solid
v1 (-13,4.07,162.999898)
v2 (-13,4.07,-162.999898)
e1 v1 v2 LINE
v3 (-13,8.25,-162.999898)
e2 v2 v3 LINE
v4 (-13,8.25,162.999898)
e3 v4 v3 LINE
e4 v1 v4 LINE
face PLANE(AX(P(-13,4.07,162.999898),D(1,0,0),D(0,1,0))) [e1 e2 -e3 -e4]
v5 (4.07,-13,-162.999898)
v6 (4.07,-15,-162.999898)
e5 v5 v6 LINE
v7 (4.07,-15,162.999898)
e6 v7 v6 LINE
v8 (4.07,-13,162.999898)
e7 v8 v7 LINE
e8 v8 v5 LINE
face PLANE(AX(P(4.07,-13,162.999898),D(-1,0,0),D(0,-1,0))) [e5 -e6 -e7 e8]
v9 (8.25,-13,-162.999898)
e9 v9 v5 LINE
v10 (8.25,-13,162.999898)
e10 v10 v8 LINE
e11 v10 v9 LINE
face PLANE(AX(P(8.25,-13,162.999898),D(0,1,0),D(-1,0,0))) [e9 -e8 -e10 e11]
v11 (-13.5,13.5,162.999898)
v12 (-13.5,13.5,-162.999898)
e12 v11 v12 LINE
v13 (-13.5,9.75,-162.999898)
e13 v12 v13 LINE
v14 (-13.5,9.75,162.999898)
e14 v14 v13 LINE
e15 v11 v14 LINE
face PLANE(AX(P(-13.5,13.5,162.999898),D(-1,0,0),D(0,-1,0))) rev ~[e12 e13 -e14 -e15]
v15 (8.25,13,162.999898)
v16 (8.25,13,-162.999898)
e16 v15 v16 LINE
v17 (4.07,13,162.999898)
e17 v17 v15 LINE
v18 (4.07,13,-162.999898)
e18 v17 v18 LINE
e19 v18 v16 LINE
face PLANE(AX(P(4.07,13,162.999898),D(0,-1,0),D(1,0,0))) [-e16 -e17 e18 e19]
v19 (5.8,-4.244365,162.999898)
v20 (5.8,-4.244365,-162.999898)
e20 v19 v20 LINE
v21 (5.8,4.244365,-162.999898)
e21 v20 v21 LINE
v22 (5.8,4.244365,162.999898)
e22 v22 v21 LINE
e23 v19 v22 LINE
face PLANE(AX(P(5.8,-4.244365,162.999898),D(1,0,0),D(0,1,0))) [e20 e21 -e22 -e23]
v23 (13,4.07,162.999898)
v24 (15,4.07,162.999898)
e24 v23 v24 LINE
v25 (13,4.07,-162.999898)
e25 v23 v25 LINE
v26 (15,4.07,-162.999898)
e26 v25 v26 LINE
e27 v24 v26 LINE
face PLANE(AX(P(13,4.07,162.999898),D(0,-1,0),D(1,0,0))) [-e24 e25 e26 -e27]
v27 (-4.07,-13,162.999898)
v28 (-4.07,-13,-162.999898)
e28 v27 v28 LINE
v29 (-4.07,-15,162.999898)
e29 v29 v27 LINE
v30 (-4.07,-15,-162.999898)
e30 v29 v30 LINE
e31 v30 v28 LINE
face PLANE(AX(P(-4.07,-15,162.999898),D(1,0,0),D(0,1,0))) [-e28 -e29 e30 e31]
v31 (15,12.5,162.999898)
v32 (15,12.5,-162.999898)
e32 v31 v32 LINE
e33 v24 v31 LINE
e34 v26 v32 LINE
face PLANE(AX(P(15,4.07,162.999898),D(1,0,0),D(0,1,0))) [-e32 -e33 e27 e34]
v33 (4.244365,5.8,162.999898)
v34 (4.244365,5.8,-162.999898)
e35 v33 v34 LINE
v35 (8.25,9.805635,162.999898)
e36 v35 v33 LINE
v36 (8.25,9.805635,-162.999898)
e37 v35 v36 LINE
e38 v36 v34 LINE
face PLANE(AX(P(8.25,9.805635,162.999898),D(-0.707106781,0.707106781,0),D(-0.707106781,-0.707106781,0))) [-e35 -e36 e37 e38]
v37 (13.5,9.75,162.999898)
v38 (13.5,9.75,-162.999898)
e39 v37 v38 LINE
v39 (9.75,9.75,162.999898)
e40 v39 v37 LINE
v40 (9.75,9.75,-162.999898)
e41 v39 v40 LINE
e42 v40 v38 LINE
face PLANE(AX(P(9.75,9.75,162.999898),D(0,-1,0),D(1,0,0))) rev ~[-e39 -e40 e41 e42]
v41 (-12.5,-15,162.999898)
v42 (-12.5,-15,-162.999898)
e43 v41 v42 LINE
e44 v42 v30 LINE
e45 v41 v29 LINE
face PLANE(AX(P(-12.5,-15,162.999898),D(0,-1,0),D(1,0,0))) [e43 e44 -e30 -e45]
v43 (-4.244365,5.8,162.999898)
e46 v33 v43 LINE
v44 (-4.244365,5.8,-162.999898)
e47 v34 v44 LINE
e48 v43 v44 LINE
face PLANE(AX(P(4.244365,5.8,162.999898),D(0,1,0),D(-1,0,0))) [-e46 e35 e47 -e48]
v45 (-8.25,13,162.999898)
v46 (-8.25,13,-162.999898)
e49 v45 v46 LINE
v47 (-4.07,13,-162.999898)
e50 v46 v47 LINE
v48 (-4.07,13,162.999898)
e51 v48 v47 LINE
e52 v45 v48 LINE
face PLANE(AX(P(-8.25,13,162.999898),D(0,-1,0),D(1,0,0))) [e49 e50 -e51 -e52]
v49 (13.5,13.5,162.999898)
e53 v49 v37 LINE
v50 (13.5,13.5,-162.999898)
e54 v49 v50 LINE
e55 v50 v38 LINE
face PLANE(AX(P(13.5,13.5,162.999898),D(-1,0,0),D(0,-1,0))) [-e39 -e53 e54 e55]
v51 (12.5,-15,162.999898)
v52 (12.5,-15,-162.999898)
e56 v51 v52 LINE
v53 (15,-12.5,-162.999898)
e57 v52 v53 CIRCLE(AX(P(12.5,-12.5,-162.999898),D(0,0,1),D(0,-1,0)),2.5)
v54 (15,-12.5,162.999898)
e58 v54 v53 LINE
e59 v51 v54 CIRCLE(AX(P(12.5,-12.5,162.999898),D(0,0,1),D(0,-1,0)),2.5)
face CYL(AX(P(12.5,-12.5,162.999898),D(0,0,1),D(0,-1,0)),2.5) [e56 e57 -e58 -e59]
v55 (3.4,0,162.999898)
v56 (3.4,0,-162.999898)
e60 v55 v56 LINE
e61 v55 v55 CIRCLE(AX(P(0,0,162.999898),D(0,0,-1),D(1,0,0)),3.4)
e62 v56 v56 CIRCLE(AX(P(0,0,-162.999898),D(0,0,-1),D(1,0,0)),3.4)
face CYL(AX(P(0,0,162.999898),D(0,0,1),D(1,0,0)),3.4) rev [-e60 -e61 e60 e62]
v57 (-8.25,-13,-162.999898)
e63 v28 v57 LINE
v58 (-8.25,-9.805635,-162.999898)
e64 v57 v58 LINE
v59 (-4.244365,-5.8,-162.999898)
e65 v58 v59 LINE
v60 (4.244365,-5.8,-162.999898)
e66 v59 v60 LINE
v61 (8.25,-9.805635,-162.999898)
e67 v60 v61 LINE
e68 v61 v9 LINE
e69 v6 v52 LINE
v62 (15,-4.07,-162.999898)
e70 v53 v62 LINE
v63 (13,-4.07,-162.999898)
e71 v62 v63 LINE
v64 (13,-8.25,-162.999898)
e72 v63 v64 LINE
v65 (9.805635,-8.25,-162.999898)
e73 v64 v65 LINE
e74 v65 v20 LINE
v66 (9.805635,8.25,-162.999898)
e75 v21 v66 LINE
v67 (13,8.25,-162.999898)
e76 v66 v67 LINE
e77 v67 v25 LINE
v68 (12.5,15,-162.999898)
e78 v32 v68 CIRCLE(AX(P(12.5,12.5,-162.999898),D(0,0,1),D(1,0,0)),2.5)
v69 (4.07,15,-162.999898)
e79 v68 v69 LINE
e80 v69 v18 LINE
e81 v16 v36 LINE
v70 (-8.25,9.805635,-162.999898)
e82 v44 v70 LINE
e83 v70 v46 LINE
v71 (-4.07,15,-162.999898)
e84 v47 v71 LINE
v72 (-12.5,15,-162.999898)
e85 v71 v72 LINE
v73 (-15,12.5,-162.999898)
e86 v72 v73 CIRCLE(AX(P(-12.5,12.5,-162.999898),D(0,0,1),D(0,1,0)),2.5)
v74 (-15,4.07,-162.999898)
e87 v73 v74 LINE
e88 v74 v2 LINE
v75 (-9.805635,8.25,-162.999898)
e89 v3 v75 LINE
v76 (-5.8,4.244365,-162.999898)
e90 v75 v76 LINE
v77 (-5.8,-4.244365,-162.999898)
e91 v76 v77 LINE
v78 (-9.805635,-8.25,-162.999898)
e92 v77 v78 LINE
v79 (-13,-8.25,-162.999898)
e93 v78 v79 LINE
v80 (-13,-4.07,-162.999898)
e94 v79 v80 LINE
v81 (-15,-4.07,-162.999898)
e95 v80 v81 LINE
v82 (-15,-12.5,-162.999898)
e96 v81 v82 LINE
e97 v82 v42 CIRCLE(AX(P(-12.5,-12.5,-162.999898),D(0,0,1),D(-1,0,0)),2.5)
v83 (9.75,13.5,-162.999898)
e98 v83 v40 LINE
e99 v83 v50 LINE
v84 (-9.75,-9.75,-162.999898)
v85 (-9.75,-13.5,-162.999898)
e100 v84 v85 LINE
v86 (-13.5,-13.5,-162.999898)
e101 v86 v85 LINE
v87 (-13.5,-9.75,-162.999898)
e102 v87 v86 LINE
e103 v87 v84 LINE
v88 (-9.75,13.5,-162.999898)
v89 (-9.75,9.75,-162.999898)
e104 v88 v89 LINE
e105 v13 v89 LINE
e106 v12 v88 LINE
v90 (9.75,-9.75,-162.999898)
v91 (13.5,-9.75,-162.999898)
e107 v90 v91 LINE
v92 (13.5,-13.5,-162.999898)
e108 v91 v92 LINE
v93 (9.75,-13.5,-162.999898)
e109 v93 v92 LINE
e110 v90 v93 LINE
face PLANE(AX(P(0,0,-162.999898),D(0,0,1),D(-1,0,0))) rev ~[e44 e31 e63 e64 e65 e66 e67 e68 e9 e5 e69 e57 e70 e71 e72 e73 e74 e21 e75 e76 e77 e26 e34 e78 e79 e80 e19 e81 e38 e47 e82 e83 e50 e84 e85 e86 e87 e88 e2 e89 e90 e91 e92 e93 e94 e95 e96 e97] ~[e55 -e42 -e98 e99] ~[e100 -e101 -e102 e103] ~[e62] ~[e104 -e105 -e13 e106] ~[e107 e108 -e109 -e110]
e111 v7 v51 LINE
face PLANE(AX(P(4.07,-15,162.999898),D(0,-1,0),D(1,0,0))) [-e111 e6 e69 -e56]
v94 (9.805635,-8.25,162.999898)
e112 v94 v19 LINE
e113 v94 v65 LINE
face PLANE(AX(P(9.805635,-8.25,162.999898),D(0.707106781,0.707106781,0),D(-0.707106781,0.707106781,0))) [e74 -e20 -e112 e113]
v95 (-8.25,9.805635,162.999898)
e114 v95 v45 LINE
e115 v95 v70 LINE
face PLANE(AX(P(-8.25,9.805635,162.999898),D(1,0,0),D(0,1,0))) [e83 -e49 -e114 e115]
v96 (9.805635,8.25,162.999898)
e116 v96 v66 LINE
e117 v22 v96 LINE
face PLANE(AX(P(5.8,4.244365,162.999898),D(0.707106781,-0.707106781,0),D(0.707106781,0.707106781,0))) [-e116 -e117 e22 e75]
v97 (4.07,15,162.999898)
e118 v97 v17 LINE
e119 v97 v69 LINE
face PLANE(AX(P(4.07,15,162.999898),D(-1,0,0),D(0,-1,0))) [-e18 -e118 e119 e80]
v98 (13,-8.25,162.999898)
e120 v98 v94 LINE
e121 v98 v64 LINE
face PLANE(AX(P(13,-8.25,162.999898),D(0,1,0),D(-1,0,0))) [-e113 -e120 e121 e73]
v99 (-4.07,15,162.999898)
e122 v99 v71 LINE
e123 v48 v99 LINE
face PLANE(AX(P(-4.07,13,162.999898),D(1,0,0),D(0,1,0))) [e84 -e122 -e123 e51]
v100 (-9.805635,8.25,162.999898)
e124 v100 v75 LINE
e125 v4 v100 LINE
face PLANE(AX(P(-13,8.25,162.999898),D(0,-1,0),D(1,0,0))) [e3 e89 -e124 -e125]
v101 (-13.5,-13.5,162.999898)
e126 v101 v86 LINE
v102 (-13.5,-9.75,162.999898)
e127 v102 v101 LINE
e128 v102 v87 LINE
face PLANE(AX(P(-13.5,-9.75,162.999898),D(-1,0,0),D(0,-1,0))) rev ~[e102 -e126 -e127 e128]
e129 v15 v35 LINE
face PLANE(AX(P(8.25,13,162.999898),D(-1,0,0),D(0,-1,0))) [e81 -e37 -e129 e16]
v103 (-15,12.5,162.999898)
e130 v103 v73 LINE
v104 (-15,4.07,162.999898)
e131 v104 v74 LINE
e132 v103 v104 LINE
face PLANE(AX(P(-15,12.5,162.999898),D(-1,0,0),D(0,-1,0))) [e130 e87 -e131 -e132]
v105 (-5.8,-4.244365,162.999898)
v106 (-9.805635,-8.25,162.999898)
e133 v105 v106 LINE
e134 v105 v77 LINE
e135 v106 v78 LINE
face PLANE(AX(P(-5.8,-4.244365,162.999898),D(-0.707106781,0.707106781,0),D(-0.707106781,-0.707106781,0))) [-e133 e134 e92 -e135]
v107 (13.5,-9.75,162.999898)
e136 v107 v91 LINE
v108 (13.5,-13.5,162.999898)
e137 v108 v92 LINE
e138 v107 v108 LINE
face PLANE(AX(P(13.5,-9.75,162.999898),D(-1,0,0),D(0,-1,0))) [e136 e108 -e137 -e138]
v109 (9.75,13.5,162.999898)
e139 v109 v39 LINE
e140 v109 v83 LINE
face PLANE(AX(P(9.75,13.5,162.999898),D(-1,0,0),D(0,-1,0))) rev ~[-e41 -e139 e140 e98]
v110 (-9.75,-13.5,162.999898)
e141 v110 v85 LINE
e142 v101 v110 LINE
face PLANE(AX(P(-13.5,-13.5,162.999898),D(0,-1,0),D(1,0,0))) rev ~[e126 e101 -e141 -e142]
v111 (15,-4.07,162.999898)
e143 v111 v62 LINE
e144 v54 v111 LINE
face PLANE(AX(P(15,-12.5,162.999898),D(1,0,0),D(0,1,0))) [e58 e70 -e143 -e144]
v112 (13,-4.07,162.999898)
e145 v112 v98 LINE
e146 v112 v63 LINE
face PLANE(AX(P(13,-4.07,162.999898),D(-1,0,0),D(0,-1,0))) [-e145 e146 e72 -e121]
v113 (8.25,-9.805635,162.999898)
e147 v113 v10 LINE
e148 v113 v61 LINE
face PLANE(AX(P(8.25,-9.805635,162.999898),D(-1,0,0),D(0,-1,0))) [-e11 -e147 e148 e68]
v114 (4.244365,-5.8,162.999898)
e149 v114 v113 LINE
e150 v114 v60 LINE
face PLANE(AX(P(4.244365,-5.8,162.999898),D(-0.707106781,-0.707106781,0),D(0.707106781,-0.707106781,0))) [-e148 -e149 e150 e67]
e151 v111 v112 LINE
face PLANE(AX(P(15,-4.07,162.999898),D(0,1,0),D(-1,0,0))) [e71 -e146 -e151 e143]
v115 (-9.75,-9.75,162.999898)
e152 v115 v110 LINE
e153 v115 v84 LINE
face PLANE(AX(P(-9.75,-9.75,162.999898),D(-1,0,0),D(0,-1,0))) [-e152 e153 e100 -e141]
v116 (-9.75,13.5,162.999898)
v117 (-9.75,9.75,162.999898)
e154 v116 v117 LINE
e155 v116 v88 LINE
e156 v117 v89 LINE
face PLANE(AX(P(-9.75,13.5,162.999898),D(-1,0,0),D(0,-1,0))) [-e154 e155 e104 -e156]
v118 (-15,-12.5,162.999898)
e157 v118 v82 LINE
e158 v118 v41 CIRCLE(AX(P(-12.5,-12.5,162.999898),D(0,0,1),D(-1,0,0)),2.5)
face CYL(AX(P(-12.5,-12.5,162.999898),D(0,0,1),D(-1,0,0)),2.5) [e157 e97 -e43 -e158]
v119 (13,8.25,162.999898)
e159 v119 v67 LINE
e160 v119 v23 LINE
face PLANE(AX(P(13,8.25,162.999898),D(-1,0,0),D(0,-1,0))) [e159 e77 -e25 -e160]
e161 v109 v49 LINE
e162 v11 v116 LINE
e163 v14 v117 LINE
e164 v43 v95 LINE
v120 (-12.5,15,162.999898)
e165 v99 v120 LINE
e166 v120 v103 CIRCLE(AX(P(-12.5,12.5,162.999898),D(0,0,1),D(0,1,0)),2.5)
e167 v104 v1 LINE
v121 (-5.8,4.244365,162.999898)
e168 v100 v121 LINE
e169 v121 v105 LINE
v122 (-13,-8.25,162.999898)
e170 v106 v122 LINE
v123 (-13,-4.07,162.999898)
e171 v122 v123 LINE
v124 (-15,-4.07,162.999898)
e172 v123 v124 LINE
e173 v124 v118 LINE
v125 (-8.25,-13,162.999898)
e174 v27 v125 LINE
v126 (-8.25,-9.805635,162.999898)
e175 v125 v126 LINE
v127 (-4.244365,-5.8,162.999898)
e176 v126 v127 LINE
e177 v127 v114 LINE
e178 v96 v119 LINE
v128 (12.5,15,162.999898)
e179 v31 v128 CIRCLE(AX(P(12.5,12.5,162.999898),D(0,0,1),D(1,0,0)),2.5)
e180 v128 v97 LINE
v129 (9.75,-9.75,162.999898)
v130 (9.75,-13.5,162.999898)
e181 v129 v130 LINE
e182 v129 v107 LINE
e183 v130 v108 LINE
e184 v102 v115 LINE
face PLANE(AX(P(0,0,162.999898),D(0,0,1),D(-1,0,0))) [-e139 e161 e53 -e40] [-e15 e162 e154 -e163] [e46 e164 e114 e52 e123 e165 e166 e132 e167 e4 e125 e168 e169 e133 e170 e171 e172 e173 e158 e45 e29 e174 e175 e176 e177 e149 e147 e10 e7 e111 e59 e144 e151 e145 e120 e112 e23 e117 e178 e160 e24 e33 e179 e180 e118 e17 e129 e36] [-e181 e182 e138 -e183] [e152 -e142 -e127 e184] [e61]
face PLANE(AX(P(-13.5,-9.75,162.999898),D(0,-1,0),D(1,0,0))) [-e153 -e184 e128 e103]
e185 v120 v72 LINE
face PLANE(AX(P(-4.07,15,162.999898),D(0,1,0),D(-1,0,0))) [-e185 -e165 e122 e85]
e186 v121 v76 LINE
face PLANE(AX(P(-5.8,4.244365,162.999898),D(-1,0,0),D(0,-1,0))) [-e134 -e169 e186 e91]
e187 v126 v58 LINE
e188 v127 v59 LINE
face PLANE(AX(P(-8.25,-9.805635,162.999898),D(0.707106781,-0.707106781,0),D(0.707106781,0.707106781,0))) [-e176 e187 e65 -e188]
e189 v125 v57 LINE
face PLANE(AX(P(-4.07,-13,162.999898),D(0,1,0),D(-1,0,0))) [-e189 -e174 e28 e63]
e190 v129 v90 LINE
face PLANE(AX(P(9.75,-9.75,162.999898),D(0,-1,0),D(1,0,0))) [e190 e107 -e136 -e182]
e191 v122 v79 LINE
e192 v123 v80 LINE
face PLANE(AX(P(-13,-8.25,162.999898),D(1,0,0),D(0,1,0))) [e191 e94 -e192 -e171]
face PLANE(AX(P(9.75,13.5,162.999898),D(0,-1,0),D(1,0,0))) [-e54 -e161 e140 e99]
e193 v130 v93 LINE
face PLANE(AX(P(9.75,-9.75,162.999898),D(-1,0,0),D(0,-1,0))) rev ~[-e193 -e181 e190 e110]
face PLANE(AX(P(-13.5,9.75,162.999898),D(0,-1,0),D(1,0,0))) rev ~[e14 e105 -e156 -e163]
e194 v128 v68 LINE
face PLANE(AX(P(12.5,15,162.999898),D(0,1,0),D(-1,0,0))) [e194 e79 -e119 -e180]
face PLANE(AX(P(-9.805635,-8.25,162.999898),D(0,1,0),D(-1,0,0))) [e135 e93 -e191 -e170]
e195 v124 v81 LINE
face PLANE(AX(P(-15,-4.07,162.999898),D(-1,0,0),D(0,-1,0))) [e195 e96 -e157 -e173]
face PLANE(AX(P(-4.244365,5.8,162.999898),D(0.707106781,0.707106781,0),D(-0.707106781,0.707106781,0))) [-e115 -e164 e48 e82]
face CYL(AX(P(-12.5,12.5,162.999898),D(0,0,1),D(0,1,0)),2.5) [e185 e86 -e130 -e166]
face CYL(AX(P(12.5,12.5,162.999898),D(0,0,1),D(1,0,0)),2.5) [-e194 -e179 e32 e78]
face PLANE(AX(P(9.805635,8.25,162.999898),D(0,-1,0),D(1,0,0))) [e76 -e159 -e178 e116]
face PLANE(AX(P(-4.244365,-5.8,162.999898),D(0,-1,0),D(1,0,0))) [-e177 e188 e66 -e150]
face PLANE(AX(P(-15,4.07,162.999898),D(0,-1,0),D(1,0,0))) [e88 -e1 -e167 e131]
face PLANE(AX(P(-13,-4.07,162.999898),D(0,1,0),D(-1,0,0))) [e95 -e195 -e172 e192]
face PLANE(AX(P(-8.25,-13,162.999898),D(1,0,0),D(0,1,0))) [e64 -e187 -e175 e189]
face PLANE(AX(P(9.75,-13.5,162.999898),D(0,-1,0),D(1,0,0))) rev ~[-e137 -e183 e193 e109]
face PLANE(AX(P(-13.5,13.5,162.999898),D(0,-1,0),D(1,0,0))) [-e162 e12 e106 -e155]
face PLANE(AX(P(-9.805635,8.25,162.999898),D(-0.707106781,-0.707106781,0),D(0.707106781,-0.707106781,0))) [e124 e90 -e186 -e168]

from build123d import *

# Parameters (mm, degrees)
SKETCH11_R                          = 3.4
SKETCH11_W                          = 3.75
SKETCH11_H                          = 3.75
F_3030_3030_PROFILE_ZYLTECH_1_DEPTH = 325.999796


with BuildPart() as part:
    # Sketch11 → 3030 3030 PROFILE ZYLTECH(1) (new body)
    with BuildSketch(Plane(origin=(0, 0, 162.999898), x_dir=(1, 0, 0), z_dir=(0, 0, -1))):
        with BuildLine():
            Line((-9.805634919, -8.25), (-5.8, -4.244365081))
            Line((-5.8, -4.244365081), (-5.8, 4.244365081))
            Line((-5.8, 4.244365081), (-9.805634919, 8.25))
            Line((-9.805634919, 8.25), (-13, 8.25))
            Line((-13, 8.25), (-13, 4.07))
            Line((-13, 4.07), (-15, 4.07))
            Line((-15, 4.07), (-15, 12.5))
            ThreePointArc((-15, 12.5), (-14.267766953, 14.267766953), (-12.5, 15))
            Line((-12.5, 15), (-4.07, 15))
            Line((-4.07, 15), (-4.07, 13))
            Line((-4.07, 13), (-8.25, 13))
            Line((-8.25, 13), (-8.25, 9.805634919))
            Line((-8.25, 9.805634919), (-4.244365081, 5.8))
            Line((-4.244365081, 5.8), (4.244365081, 5.8))
            Line((4.244365081, 5.8), (8.25, 9.805634919))
            Line((8.25, 9.805634919), (8.25, 13))
            Line((8.25, 13), (4.07, 13))
            Line((4.07, 13), (4.07, 15))
            Line((4.07, 15), (12.5, 15))
            ThreePointArc((12.5, 15), (14.267766953, 14.267766953), (15, 12.5))
            Line((15, 12.5), (15, 4.07))
            Line((15, 4.07), (13, 4.07))
            Line((13, 4.07), (13, 8.25))
            Line((13, 8.25), (9.805634919, 8.25))
            Line((9.805634919, 8.25), (5.8, 4.244365081))
            Line((5.8, 4.244365081), (5.8, -4.244365081))
            Line((5.8, -4.244365081), (9.805634919, -8.25))
            Line((9.805634919, -8.25), (13, -8.25))
            Line((13, -8.25), (13, -4.07))
            Line((13, -4.07), (15, -4.07))
            Line((15, -4.07), (15, -12.5))
            ThreePointArc((15, -12.5), (14.267766953, -14.267766953), (12.5, -15))
            Line((12.5, -15), (4.07, -15))
            Line((4.07, -15), (4.07, -13))
            Line((4.07, -13), (8.25, -13))
            Line((8.25, -13), (8.25, -9.805634919))
            Line((8.25, -9.805634919), (4.244365081, -5.8))
            Line((4.244365081, -5.8), (-4.244365081, -5.8))
            Line((-4.244365081, -5.8), (-8.25, -9.805634919))
            Line((-8.25, -9.805634919), (-8.25, -13))
            Line((-8.25, -13), (-4.07, -13))
            Line((-4.07, -13), (-4.07, -15))
            Line((-4.07, -15), (-12.5, -15))
            ThreePointArc((-12.5, -15), (-14.267766953, -14.267766953), (-15, -12.5))
            Line((-15, -12.5), (-15, -4.07))
            Line((-15, -4.07), (-13, -4.07))
            Line((-13, -4.07), (-13, -8.25))
            Line((-13, -8.25), (-9.805634919, -8.25))
        make_face()
        Circle(SKETCH11_R, mode=Mode.SUBTRACT)
        with Locations((-11.625, 11.625)):
            Rectangle(SKETCH11_W, SKETCH11_H, mode=Mode.SUBTRACT)
        with Locations((11.625, 11.625)):
            Rectangle(SKETCH11_W, SKETCH11_H, mode=Mode.SUBTRACT)
        with Locations((-11.625, -11.625)):
            Rectangle(SKETCH11_W, SKETCH11_H, mode=Mode.SUBTRACT)
        with Locations((11.625, -11.625)):
            Rectangle(SKETCH11_W, SKETCH11_H, mode=Mode.SUBTRACT)
    extrude(amount=F_3030_3030_PROFILE_ZYLTECH_1_DEPTH)


solid = part.part
